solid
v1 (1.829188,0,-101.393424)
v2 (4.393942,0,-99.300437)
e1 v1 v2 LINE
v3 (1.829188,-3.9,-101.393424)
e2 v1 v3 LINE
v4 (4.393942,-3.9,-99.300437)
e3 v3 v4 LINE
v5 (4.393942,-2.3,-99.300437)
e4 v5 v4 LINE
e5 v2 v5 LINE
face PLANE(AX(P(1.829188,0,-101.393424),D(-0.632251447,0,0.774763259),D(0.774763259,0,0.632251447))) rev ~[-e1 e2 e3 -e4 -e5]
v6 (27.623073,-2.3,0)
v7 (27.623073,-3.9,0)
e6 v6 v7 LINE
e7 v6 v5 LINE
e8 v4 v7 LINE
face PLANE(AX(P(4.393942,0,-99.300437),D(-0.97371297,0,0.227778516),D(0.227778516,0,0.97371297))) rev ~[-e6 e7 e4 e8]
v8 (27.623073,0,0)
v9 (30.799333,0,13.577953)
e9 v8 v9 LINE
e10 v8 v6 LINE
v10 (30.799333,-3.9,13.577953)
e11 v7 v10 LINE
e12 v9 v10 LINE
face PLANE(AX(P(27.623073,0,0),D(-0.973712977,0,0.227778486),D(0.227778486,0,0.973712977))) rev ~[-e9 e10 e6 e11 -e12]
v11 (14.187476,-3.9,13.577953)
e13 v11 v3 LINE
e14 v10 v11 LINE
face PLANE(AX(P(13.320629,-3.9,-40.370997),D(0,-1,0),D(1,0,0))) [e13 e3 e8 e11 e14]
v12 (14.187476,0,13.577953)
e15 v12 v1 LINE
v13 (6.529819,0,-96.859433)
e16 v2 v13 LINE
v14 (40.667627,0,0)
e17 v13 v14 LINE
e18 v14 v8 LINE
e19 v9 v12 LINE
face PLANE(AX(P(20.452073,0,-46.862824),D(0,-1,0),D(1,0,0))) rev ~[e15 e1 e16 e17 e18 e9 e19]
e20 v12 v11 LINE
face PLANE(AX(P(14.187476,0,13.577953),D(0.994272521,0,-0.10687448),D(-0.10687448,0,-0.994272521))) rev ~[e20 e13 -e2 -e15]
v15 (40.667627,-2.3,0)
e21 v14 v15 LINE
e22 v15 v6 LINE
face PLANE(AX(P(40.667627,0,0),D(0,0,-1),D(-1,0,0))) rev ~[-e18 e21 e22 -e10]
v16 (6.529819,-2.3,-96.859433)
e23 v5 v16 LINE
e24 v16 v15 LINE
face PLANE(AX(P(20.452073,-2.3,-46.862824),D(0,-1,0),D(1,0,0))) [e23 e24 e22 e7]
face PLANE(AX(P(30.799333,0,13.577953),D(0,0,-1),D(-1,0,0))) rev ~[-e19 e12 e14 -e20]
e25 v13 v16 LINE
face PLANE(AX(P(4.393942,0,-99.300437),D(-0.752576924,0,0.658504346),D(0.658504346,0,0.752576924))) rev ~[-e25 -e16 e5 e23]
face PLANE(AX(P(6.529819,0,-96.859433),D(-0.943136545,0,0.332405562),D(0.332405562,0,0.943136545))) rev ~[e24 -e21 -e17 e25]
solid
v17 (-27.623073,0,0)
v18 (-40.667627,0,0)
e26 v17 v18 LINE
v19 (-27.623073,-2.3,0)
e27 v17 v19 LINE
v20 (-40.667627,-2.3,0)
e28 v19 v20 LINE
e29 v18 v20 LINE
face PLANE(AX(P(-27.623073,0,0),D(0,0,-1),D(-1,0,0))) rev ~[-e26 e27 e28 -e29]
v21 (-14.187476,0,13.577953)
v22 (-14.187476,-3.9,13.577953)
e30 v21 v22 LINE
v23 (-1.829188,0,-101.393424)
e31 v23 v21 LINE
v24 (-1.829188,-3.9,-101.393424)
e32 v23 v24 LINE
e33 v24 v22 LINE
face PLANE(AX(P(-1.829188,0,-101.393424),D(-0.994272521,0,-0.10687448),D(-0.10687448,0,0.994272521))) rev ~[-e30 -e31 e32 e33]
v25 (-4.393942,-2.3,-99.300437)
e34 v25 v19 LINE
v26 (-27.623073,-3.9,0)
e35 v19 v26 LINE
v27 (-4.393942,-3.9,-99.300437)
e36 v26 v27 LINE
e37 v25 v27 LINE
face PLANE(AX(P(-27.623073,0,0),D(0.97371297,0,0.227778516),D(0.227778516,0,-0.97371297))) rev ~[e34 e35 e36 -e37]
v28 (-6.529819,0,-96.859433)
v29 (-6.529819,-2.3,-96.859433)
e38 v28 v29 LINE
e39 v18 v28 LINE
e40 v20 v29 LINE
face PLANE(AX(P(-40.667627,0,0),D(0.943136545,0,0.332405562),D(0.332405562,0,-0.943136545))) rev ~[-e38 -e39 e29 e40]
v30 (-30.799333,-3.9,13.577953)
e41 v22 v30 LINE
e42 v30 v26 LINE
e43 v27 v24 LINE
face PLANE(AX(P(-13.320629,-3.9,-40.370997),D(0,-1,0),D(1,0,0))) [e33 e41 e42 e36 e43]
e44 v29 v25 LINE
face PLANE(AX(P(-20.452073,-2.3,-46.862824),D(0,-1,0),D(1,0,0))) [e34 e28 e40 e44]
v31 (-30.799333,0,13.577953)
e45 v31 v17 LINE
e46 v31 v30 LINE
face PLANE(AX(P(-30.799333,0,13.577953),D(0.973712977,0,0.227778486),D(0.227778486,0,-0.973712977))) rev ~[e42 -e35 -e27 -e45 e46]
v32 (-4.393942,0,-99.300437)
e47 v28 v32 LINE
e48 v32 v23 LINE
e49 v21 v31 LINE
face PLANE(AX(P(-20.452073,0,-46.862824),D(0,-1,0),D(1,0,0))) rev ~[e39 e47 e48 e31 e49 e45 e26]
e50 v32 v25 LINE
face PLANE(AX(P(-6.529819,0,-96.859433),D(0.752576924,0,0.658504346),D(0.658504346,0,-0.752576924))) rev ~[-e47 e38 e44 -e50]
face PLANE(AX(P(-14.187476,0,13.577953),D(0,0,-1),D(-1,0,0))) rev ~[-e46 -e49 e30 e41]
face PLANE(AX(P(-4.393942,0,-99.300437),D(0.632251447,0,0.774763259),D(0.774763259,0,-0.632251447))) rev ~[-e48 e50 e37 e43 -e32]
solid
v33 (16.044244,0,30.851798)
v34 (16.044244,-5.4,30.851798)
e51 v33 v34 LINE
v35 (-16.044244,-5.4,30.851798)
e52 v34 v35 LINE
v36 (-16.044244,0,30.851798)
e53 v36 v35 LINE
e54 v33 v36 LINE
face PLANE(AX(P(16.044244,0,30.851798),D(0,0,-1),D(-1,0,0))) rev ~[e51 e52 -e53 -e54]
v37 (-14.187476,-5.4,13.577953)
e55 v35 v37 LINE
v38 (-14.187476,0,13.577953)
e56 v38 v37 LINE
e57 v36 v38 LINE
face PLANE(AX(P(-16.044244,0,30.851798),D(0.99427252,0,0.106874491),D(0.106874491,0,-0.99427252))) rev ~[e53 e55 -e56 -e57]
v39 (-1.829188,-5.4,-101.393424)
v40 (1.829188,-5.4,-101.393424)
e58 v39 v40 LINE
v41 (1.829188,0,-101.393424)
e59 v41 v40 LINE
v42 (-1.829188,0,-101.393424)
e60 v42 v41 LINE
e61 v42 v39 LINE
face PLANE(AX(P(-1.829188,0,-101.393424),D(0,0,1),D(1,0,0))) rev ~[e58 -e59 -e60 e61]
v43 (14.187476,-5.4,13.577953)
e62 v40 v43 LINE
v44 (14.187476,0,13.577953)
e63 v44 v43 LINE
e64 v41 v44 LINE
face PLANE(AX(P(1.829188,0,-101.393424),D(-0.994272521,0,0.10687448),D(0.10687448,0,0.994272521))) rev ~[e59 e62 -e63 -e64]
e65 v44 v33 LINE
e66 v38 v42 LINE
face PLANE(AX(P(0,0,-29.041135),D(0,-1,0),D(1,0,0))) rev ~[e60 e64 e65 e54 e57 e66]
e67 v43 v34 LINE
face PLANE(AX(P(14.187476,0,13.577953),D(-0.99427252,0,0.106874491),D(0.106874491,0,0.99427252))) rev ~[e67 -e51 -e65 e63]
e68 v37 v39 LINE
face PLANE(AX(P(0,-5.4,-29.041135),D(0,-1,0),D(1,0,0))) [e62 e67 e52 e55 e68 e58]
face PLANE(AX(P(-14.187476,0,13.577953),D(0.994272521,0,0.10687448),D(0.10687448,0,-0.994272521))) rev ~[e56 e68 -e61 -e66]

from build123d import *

# Parameters (mm, degrees)
F1_DEPTH = 5.4
F2_DEPTH = 3.9
F3_DEPTH = 3.9
F4_DEPTH = 2.3
F5_DEPTH = 2.3


with BuildPart() as f1:
    # F0 (on Front) → F1 (new body)
    with BuildSketch(Plane.XZ):
        Polygon((16.044244, 30.851798), (-16.044244, 30.851798), (-14.187476, 13.577953), (-1.829188, -101.393424), (1.829188, -101.393424), (14.187476, 13.577953), align=None)
    extrude(amount=F1_DEPTH)


with BuildPart() as f2:
    # F0 (on Front) → F2 (new body)
    with BuildSketch(Plane.XZ):
        Polygon((-1.829188, -101.393424), (-14.187476, 13.577953), (-30.799333, 13.577953), (-27.623073, 0), (-4.393942, -99.300437), align=None)
    extrude(amount=F2_DEPTH)

    # F0 (on Front) → F4 (join)
    with BuildSketch(Plane.XZ):
        Polygon((-6.529819, -96.859433), (-4.393942, -99.300437), (-27.623073, 0), (-40.667627, 0), align=None)
    extrude(amount=F4_DEPTH)


with BuildPart() as f3:
    # F0 (on Front) → F3 (new body)
    with BuildSketch(Plane.XZ):
        Polygon((30.799333, 13.577953), (14.187476, 13.577953), (1.829188, -101.393424), (4.393942, -99.300437), (27.623073, 0), align=None)
    extrude(amount=F3_DEPTH)

    # F0 (on Front) → F5 (join)
    with BuildSketch(Plane.XZ):
        Polygon((27.623073, 0), (4.393942, -99.300437), (6.529819, -96.859433), (40.667627, 0), align=None)
    extrude(amount=F5_DEPTH)


solid = Compound([f1.part, f2.part, f3.part])
